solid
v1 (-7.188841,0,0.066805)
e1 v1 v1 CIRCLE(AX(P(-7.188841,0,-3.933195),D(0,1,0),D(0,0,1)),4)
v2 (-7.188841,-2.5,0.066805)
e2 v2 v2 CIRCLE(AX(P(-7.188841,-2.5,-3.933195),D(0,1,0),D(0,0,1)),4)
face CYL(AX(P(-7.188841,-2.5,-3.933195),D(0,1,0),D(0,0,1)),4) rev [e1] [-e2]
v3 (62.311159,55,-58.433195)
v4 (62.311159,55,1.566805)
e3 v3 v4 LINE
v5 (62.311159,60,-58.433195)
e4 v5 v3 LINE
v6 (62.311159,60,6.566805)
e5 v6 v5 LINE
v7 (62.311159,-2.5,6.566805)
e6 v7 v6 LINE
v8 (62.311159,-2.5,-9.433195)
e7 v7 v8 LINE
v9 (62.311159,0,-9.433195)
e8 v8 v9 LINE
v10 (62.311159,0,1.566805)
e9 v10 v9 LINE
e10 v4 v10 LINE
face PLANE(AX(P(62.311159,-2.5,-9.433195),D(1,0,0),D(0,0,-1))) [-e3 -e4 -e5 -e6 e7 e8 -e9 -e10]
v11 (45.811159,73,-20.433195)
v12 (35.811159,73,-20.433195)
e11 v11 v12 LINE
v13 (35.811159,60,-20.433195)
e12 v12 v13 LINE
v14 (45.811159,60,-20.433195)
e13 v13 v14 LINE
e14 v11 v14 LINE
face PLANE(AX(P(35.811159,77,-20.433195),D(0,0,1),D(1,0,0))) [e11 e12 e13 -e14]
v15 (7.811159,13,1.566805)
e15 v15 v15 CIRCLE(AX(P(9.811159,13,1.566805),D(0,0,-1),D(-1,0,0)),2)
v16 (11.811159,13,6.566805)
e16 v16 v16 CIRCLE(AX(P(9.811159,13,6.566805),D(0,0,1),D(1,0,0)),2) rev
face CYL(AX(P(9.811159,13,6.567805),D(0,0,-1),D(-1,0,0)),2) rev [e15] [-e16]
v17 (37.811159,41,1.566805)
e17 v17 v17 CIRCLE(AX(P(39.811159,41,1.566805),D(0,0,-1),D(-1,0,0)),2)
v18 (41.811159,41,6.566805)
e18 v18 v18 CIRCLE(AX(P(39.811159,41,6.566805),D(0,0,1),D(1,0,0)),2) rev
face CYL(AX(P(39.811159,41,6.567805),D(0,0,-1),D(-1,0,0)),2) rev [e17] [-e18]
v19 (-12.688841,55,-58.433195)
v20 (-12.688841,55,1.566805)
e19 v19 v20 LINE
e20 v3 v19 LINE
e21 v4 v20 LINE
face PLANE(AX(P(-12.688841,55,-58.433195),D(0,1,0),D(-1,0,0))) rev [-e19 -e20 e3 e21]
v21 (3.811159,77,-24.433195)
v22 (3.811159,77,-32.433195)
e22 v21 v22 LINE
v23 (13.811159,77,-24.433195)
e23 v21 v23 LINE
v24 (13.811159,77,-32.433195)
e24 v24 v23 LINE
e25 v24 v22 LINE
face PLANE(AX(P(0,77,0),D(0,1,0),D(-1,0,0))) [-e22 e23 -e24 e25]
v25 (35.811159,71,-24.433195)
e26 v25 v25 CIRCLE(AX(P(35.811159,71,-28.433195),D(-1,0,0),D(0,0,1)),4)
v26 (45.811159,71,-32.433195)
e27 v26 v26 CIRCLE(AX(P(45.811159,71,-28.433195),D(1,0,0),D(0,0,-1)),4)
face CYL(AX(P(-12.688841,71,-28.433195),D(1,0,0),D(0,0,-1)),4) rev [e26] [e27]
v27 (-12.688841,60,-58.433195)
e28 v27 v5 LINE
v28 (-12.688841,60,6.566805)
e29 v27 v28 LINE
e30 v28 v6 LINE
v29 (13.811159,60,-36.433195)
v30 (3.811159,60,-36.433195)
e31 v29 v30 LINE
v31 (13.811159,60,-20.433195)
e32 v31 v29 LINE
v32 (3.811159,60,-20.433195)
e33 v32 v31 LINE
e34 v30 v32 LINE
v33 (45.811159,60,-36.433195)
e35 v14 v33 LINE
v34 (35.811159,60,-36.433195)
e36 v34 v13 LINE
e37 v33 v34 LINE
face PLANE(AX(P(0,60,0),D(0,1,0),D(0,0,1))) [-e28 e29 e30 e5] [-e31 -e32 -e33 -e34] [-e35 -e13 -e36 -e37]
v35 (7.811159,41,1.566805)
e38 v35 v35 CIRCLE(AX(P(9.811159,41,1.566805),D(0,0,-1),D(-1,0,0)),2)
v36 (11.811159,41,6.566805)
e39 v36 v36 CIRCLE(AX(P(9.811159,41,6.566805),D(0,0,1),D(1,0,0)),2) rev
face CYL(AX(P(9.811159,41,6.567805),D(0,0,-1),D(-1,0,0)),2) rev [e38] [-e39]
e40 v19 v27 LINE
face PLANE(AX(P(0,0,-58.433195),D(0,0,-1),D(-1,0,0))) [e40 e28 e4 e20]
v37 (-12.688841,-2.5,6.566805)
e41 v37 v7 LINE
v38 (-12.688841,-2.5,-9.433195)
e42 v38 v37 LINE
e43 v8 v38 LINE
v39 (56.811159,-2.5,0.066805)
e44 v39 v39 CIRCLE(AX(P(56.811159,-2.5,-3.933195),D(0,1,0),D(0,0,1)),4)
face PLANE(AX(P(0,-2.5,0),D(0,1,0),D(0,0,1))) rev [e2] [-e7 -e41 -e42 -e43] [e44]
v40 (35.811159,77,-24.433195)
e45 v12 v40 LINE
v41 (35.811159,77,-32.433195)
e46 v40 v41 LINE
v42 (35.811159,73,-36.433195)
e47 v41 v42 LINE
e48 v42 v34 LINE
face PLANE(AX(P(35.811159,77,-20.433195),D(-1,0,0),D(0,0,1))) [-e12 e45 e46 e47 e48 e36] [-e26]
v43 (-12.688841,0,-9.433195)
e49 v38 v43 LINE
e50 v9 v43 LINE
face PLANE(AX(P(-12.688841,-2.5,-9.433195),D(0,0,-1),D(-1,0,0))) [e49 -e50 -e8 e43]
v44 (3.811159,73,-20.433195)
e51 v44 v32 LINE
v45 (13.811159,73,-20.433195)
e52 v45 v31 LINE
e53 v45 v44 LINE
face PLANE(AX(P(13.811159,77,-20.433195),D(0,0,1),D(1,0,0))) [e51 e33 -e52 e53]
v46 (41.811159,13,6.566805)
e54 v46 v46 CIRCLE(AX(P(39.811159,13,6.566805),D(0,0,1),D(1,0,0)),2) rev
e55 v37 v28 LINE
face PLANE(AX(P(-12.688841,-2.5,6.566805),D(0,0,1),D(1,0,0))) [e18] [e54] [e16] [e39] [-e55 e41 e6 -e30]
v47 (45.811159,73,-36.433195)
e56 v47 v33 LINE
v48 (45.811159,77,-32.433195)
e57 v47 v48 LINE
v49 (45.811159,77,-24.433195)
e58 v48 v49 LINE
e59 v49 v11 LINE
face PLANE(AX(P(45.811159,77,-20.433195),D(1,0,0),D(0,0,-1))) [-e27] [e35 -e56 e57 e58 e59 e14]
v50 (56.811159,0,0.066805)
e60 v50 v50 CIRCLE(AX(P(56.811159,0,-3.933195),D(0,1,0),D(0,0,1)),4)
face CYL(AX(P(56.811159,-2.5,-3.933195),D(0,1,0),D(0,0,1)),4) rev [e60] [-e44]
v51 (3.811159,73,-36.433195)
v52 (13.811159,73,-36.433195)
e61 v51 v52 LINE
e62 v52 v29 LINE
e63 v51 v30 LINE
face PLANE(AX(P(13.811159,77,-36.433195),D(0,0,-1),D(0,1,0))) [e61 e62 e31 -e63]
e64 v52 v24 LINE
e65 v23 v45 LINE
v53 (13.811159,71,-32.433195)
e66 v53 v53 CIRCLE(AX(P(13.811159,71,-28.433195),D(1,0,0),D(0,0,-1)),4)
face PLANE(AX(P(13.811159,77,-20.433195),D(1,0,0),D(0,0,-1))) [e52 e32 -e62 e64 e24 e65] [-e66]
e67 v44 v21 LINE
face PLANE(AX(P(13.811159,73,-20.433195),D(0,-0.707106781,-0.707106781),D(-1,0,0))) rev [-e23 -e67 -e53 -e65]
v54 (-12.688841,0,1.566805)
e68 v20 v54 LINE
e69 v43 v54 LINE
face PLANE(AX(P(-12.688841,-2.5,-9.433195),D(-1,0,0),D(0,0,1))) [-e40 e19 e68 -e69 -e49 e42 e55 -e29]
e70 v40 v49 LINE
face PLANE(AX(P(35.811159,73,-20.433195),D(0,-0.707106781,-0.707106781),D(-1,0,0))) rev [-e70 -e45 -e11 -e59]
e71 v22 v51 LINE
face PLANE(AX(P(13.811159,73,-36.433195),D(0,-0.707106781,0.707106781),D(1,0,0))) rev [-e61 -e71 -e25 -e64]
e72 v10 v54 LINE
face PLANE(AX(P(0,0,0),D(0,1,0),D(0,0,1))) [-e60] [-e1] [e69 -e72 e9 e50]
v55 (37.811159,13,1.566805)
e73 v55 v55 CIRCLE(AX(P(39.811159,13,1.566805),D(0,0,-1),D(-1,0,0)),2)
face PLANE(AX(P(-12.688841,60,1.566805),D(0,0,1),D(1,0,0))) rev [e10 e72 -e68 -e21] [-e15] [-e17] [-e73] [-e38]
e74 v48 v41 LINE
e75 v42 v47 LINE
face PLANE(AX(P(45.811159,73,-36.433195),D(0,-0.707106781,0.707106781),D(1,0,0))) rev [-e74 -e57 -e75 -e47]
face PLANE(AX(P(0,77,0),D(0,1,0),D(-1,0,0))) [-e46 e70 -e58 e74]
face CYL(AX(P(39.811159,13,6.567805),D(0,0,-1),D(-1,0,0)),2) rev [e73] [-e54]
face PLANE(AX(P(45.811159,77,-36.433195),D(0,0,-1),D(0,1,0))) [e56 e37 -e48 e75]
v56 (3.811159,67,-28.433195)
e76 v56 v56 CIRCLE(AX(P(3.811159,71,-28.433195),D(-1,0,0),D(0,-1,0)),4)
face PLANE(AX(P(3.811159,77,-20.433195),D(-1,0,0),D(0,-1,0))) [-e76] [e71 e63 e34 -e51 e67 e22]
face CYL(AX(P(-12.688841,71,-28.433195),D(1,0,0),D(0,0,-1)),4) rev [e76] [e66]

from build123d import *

# Parameters (mm, degrees)
SKETCH_1_W               = 75
SKETCH_1_H               = 16
SKETCH_1_R               = 4
EXTRUDE_1_DEPTH          = 2.5
SKETCH_3_W               = 75
SKETCH_3_H               = 5
EXTRUDE_2_DEPTH          = 60
CUT_EXTRUDE_1_REACH      = 89.199
SKETCH_4_R               = 2
SKETCH_5_W               = 75
SKETCH_5_H               = 5
EXTRUDE_3_DEPTH          = 60
SKETCH_6_W               = 10
SKETCH_6_H               = 16
EXTRUDE_4_DEPTH          = 22
CUT_EXTRUDE_2_DEPTH      = 113.985345572
CUT_EXTRUDE_2_DEPTH_BACK = 113.985345572
SKETCH_7_R               = 4
CHAMFER_1_SIZE           = 4


with BuildPart() as part:
    # 草图1 → 凸台-拉伸1 (new body)
    with BuildSketch(Plane(origin=(0, 0, 0), x_dir=(1, 0, 0), z_dir=(0, 1, 0))):
        with Locations((24.811158798, 1.43319531)):
            Rectangle(SKETCH_1_W, SKETCH_1_H)
        with Locations(Location((-7.188841202, 3.93319531, 0), (0, 0, 270))):
            Circle(SKETCH_1_R, mode=Mode.SUBTRACT)
        with Locations(Location((56.811158798, 3.93319531, 0), (0, 0, 270))):
            Circle(SKETCH_1_R, mode=Mode.SUBTRACT)
    extrude(amount=-EXTRUDE_1_DEPTH)

    # 草图3 → 凸台-拉伸2 (add)
    with BuildSketch(Plane(origin=(0, 0, 0), x_dir=(1, 0, 0), z_dir=(0, 1, 0))):
        with Locations((24.811158798, -4.06680469)):
            Rectangle(SKETCH_3_W, SKETCH_3_H)
    extrude(amount=EXTRUDE_2_DEPTH)

    # 草图4 → 切除-拉伸1 (cut, up to next)
    with BuildSketch(Plane(origin=(0, 0, 1.56680469), x_dir=(-1, 0, 0), z_dir=(0, 0, -1)), mode=Mode.PRIVATE) as cut_extrude_1_sk1:
        with Locations((-9.811158798, 13)):
            Circle(SKETCH_4_R)
    cut_extrude_1_tool1 = extrude(cut_extrude_1_sk1.sketch, amount=-CUT_EXTRUDE_1_REACH, mode=Mode.PRIVATE) & part.part
    # 草图4 → 切除-拉伸1 (cut, up to next)
    with BuildSketch(Plane(origin=(0, 0, 1.56680469), x_dir=(-1, 0, 0), z_dir=(0, 0, -1)), mode=Mode.PRIVATE) as cut_extrude_1_sk2:
        with Locations((-9.811158798, 41)):
            Circle(SKETCH_4_R)
    cut_extrude_1_tool2 = extrude(cut_extrude_1_sk2.sketch, amount=-CUT_EXTRUDE_1_REACH, mode=Mode.PRIVATE) & part.part
    # 草图4 → 切除-拉伸1 (cut, up to next)
    with BuildSketch(Plane(origin=(0, 0, 1.56680469), x_dir=(-1, 0, 0), z_dir=(0, 0, -1)), mode=Mode.PRIVATE) as cut_extrude_1_sk3:
        with Locations((-39.811158798, 41)):
            Circle(SKETCH_4_R)
    cut_extrude_1_tool3 = extrude(cut_extrude_1_sk3.sketch, amount=-CUT_EXTRUDE_1_REACH, mode=Mode.PRIVATE) & part.part
    # 草图4 → 切除-拉伸1 (cut, up to next)
    with BuildSketch(Plane(origin=(0, 0, 1.56680469), x_dir=(-1, 0, 0), z_dir=(0, 0, -1)), mode=Mode.PRIVATE) as cut_extrude_1_sk4:
        with Locations((-39.811158798, 13)):
            Circle(SKETCH_4_R)
    cut_extrude_1_tool4 = extrude(cut_extrude_1_sk4.sketch, amount=-CUT_EXTRUDE_1_REACH, mode=Mode.PRIVATE) & part.part
    add(cut_extrude_1_tool1.solids().sort_by_distance((9.811159, 13, 1.566805))[0], mode=Mode.SUBTRACT)
    add(cut_extrude_1_tool2.solids().sort_by_distance((9.811159, 41, 1.566805))[0], mode=Mode.SUBTRACT)
    add(cut_extrude_1_tool3.solids().sort_by_distance((39.811159, 41, 1.566805))[0], mode=Mode.SUBTRACT)
    add(cut_extrude_1_tool4.solids().sort_by_distance((39.811159, 13, 1.566805))[0], mode=Mode.SUBTRACT)

    # 草图5 → 凸台-拉伸3 (add)
    with BuildSketch(Plane(origin=(0, 0, 1.56680469), x_dir=(-1, 0, 0), z_dir=(0, 0, -1))):
        with Locations((-24.811158798, 57.5)):
            Rectangle(SKETCH_5_W, SKETCH_5_H)
    extrude(amount=EXTRUDE_3_DEPTH)

    # 草图6 → 凸台-拉伸4 (add)
    with BuildSketch(Plane.XZ.offset(-55)):
        with Locations((40.811158798, -28.43319531)):
            Rectangle(SKETCH_6_W, SKETCH_6_H)
        with Locations((8.811158798, -28.43319531)):
            Rectangle(SKETCH_6_W, SKETCH_6_H)
    extrude(amount=-EXTRUDE_4_DEPTH)

    # 草图7 → 切除-拉伸2 (cut, two sides: drawn at the far end of the back side and taken through both)
    with BuildSketch(Plane(origin=(45.811158798, 0, 0), x_dir=(0, 0, -1), z_dir=(1, 0, 0)).offset(-CUT_EXTRUDE_2_DEPTH_BACK)):
        with Locations((28.43319531, 71)):
            Circle(SKETCH_7_R)
    extrude(amount=CUT_EXTRUDE_2_DEPTH + CUT_EXTRUDE_2_DEPTH_BACK, mode=Mode.SUBTRACT)

    # 倒角1
    chamfer_1_edges = [part.edges().sort_by_distance(p)[0] for p in [
        (40.811158798, 77, -20.43319531),
        (40.811158798, 77, -36.43319531),
        (8.811158798, 77, -36.43319531),
        (8.811158798, 77, -20.43319531),
    ]]
    chamfer(chamfer_1_edges, length=CHAMFER_1_SIZE)


solid = part.part
